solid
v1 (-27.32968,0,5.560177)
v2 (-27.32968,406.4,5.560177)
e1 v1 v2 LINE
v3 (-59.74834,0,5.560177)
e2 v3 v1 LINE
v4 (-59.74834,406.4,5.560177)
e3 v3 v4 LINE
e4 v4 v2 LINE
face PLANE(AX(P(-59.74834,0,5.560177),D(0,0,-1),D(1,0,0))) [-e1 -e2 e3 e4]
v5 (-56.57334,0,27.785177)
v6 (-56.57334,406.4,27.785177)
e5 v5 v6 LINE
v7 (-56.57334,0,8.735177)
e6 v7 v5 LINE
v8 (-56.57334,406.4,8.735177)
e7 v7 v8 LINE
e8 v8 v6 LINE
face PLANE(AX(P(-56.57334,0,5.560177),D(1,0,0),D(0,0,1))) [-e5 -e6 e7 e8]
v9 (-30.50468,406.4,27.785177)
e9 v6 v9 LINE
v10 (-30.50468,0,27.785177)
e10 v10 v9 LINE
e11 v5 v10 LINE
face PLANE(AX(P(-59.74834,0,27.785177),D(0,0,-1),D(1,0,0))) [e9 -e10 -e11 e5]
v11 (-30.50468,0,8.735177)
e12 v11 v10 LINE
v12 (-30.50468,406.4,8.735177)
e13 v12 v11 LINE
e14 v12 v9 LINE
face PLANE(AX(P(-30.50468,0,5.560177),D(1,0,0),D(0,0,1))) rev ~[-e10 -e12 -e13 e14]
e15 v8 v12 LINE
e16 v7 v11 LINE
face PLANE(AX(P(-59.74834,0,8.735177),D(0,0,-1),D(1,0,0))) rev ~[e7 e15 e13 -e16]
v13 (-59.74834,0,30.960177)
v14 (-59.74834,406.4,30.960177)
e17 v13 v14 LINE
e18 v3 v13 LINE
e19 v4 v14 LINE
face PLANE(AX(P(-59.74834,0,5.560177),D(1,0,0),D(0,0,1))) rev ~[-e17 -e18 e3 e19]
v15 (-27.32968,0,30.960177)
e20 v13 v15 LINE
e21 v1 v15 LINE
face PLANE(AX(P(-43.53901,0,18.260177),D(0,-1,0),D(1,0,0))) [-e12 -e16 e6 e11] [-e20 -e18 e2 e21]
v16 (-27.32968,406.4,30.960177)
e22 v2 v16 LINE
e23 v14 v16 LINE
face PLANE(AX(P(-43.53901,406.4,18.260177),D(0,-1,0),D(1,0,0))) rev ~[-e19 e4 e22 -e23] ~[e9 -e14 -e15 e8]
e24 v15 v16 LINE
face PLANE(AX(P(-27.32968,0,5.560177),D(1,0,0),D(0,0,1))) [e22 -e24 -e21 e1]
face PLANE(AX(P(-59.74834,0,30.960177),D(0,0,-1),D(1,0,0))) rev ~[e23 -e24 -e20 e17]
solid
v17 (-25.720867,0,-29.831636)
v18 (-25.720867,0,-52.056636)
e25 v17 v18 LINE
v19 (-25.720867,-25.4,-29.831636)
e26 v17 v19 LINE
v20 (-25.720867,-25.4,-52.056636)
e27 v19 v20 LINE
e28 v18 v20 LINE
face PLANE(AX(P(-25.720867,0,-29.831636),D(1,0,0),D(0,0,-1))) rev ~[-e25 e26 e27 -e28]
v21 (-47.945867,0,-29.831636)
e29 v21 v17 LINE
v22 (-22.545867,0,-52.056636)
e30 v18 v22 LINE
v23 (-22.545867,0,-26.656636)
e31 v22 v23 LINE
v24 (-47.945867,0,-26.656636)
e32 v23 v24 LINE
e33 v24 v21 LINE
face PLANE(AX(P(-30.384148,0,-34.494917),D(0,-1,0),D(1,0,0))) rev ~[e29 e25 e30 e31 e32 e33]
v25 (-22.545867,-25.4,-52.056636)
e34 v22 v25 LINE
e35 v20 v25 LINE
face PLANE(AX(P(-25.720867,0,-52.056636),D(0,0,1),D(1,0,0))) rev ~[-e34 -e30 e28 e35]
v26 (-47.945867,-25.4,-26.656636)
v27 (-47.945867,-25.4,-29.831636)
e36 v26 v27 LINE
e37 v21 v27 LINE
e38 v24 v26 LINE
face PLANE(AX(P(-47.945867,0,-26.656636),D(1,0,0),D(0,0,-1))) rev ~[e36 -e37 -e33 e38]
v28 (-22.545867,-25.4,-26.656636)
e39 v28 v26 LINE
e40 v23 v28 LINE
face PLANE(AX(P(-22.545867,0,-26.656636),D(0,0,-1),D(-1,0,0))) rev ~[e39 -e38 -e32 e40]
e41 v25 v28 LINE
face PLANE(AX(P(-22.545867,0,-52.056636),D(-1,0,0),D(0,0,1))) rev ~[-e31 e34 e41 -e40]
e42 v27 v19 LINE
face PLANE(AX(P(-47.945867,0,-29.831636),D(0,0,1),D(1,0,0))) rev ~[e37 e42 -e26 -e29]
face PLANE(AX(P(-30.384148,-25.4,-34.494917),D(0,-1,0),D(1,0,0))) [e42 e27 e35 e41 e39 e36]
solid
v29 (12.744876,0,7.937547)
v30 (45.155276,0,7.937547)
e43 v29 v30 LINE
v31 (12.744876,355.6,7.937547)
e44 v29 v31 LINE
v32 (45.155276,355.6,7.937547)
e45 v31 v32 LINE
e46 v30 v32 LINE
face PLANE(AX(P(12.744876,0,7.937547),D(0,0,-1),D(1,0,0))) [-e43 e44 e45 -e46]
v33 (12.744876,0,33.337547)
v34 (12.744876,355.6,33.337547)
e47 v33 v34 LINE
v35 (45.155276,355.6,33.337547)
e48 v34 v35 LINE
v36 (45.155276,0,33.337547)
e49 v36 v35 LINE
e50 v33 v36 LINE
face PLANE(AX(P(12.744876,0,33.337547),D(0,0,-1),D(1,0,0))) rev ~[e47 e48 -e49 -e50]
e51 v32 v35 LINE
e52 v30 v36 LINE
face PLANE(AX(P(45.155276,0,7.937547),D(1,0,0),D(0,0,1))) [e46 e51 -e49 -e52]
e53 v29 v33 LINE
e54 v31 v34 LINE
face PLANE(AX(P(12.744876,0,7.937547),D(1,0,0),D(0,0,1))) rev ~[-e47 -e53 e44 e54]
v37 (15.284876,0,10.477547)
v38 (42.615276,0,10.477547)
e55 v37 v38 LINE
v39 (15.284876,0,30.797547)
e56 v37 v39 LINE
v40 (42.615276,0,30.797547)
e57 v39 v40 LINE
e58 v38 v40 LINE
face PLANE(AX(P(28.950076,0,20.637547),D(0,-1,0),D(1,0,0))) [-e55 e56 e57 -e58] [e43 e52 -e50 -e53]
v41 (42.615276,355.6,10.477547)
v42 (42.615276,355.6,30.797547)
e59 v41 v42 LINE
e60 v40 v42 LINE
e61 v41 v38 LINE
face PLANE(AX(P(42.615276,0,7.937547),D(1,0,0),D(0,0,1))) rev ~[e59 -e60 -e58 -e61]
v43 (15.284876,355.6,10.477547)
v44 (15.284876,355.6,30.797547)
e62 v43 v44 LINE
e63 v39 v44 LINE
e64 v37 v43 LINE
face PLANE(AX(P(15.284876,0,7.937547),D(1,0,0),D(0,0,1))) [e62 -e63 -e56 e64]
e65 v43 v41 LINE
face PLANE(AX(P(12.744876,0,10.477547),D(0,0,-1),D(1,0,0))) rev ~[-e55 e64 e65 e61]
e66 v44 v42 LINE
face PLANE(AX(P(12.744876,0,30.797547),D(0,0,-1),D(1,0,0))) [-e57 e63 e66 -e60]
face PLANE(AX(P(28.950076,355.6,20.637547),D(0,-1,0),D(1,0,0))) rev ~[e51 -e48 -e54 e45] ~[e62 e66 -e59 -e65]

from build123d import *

# Parameters (mm, degrees)
F0_W     = 32.418659
F0_H     = 25.4
F1_DEPTH = 406.4
F2_T     = -3.175
F3_W     = 32.4104
F3_H     = 25.4
F4_DEPTH = 355.6
F5_T     = -2.54
F7_DEPTH = 25.4


with BuildPart() as f1:
    # F0 (on Front) → F1 (new body)
    with BuildSketch(Plane.XZ):
        with Locations((-43.53901, 18.260177)):
            Rectangle(F0_W, F0_H)
    extrude(amount=-F1_DEPTH)

    # F2
    f2_openings = [f1.faces().sort_by_distance(p)[0] for p in [
        (-43.539011, 0, 18.260177),
        (-43.539011, 406.4, 18.260177),
    ]]
    offset(amount=F2_T, openings=f2_openings)


with BuildPart() as f4:
    # F3 (on Front) → F4 (new body)
    with BuildSketch(Plane.XZ):
        with Locations((28.950076, 20.637547)):
            Rectangle(F3_W, F3_H)
    extrude(amount=-F4_DEPTH)

    # F5
    f5_openings = [f4.faces().sort_by_distance(p)[0] for p in [
        (28.950076, 0, 20.637547),
        (28.950076, 355.6, 20.637547),
    ]]
    offset(amount=F5_T, openings=f5_openings)


with BuildPart() as f7:
    # F6 (on Front) → F7 (new body)
    with BuildSketch(Plane.XZ):
        Polygon((-22.545867, -26.656636), (-47.945867, -26.656636), (-47.945867, -29.831636), (-25.720867, -29.831636), (-25.720867, -52.056636), (-22.545867, -52.056636), align=None)
    extrude(amount=F7_DEPTH)


solid = Compound([f1.part, f4.part, f7.part])
